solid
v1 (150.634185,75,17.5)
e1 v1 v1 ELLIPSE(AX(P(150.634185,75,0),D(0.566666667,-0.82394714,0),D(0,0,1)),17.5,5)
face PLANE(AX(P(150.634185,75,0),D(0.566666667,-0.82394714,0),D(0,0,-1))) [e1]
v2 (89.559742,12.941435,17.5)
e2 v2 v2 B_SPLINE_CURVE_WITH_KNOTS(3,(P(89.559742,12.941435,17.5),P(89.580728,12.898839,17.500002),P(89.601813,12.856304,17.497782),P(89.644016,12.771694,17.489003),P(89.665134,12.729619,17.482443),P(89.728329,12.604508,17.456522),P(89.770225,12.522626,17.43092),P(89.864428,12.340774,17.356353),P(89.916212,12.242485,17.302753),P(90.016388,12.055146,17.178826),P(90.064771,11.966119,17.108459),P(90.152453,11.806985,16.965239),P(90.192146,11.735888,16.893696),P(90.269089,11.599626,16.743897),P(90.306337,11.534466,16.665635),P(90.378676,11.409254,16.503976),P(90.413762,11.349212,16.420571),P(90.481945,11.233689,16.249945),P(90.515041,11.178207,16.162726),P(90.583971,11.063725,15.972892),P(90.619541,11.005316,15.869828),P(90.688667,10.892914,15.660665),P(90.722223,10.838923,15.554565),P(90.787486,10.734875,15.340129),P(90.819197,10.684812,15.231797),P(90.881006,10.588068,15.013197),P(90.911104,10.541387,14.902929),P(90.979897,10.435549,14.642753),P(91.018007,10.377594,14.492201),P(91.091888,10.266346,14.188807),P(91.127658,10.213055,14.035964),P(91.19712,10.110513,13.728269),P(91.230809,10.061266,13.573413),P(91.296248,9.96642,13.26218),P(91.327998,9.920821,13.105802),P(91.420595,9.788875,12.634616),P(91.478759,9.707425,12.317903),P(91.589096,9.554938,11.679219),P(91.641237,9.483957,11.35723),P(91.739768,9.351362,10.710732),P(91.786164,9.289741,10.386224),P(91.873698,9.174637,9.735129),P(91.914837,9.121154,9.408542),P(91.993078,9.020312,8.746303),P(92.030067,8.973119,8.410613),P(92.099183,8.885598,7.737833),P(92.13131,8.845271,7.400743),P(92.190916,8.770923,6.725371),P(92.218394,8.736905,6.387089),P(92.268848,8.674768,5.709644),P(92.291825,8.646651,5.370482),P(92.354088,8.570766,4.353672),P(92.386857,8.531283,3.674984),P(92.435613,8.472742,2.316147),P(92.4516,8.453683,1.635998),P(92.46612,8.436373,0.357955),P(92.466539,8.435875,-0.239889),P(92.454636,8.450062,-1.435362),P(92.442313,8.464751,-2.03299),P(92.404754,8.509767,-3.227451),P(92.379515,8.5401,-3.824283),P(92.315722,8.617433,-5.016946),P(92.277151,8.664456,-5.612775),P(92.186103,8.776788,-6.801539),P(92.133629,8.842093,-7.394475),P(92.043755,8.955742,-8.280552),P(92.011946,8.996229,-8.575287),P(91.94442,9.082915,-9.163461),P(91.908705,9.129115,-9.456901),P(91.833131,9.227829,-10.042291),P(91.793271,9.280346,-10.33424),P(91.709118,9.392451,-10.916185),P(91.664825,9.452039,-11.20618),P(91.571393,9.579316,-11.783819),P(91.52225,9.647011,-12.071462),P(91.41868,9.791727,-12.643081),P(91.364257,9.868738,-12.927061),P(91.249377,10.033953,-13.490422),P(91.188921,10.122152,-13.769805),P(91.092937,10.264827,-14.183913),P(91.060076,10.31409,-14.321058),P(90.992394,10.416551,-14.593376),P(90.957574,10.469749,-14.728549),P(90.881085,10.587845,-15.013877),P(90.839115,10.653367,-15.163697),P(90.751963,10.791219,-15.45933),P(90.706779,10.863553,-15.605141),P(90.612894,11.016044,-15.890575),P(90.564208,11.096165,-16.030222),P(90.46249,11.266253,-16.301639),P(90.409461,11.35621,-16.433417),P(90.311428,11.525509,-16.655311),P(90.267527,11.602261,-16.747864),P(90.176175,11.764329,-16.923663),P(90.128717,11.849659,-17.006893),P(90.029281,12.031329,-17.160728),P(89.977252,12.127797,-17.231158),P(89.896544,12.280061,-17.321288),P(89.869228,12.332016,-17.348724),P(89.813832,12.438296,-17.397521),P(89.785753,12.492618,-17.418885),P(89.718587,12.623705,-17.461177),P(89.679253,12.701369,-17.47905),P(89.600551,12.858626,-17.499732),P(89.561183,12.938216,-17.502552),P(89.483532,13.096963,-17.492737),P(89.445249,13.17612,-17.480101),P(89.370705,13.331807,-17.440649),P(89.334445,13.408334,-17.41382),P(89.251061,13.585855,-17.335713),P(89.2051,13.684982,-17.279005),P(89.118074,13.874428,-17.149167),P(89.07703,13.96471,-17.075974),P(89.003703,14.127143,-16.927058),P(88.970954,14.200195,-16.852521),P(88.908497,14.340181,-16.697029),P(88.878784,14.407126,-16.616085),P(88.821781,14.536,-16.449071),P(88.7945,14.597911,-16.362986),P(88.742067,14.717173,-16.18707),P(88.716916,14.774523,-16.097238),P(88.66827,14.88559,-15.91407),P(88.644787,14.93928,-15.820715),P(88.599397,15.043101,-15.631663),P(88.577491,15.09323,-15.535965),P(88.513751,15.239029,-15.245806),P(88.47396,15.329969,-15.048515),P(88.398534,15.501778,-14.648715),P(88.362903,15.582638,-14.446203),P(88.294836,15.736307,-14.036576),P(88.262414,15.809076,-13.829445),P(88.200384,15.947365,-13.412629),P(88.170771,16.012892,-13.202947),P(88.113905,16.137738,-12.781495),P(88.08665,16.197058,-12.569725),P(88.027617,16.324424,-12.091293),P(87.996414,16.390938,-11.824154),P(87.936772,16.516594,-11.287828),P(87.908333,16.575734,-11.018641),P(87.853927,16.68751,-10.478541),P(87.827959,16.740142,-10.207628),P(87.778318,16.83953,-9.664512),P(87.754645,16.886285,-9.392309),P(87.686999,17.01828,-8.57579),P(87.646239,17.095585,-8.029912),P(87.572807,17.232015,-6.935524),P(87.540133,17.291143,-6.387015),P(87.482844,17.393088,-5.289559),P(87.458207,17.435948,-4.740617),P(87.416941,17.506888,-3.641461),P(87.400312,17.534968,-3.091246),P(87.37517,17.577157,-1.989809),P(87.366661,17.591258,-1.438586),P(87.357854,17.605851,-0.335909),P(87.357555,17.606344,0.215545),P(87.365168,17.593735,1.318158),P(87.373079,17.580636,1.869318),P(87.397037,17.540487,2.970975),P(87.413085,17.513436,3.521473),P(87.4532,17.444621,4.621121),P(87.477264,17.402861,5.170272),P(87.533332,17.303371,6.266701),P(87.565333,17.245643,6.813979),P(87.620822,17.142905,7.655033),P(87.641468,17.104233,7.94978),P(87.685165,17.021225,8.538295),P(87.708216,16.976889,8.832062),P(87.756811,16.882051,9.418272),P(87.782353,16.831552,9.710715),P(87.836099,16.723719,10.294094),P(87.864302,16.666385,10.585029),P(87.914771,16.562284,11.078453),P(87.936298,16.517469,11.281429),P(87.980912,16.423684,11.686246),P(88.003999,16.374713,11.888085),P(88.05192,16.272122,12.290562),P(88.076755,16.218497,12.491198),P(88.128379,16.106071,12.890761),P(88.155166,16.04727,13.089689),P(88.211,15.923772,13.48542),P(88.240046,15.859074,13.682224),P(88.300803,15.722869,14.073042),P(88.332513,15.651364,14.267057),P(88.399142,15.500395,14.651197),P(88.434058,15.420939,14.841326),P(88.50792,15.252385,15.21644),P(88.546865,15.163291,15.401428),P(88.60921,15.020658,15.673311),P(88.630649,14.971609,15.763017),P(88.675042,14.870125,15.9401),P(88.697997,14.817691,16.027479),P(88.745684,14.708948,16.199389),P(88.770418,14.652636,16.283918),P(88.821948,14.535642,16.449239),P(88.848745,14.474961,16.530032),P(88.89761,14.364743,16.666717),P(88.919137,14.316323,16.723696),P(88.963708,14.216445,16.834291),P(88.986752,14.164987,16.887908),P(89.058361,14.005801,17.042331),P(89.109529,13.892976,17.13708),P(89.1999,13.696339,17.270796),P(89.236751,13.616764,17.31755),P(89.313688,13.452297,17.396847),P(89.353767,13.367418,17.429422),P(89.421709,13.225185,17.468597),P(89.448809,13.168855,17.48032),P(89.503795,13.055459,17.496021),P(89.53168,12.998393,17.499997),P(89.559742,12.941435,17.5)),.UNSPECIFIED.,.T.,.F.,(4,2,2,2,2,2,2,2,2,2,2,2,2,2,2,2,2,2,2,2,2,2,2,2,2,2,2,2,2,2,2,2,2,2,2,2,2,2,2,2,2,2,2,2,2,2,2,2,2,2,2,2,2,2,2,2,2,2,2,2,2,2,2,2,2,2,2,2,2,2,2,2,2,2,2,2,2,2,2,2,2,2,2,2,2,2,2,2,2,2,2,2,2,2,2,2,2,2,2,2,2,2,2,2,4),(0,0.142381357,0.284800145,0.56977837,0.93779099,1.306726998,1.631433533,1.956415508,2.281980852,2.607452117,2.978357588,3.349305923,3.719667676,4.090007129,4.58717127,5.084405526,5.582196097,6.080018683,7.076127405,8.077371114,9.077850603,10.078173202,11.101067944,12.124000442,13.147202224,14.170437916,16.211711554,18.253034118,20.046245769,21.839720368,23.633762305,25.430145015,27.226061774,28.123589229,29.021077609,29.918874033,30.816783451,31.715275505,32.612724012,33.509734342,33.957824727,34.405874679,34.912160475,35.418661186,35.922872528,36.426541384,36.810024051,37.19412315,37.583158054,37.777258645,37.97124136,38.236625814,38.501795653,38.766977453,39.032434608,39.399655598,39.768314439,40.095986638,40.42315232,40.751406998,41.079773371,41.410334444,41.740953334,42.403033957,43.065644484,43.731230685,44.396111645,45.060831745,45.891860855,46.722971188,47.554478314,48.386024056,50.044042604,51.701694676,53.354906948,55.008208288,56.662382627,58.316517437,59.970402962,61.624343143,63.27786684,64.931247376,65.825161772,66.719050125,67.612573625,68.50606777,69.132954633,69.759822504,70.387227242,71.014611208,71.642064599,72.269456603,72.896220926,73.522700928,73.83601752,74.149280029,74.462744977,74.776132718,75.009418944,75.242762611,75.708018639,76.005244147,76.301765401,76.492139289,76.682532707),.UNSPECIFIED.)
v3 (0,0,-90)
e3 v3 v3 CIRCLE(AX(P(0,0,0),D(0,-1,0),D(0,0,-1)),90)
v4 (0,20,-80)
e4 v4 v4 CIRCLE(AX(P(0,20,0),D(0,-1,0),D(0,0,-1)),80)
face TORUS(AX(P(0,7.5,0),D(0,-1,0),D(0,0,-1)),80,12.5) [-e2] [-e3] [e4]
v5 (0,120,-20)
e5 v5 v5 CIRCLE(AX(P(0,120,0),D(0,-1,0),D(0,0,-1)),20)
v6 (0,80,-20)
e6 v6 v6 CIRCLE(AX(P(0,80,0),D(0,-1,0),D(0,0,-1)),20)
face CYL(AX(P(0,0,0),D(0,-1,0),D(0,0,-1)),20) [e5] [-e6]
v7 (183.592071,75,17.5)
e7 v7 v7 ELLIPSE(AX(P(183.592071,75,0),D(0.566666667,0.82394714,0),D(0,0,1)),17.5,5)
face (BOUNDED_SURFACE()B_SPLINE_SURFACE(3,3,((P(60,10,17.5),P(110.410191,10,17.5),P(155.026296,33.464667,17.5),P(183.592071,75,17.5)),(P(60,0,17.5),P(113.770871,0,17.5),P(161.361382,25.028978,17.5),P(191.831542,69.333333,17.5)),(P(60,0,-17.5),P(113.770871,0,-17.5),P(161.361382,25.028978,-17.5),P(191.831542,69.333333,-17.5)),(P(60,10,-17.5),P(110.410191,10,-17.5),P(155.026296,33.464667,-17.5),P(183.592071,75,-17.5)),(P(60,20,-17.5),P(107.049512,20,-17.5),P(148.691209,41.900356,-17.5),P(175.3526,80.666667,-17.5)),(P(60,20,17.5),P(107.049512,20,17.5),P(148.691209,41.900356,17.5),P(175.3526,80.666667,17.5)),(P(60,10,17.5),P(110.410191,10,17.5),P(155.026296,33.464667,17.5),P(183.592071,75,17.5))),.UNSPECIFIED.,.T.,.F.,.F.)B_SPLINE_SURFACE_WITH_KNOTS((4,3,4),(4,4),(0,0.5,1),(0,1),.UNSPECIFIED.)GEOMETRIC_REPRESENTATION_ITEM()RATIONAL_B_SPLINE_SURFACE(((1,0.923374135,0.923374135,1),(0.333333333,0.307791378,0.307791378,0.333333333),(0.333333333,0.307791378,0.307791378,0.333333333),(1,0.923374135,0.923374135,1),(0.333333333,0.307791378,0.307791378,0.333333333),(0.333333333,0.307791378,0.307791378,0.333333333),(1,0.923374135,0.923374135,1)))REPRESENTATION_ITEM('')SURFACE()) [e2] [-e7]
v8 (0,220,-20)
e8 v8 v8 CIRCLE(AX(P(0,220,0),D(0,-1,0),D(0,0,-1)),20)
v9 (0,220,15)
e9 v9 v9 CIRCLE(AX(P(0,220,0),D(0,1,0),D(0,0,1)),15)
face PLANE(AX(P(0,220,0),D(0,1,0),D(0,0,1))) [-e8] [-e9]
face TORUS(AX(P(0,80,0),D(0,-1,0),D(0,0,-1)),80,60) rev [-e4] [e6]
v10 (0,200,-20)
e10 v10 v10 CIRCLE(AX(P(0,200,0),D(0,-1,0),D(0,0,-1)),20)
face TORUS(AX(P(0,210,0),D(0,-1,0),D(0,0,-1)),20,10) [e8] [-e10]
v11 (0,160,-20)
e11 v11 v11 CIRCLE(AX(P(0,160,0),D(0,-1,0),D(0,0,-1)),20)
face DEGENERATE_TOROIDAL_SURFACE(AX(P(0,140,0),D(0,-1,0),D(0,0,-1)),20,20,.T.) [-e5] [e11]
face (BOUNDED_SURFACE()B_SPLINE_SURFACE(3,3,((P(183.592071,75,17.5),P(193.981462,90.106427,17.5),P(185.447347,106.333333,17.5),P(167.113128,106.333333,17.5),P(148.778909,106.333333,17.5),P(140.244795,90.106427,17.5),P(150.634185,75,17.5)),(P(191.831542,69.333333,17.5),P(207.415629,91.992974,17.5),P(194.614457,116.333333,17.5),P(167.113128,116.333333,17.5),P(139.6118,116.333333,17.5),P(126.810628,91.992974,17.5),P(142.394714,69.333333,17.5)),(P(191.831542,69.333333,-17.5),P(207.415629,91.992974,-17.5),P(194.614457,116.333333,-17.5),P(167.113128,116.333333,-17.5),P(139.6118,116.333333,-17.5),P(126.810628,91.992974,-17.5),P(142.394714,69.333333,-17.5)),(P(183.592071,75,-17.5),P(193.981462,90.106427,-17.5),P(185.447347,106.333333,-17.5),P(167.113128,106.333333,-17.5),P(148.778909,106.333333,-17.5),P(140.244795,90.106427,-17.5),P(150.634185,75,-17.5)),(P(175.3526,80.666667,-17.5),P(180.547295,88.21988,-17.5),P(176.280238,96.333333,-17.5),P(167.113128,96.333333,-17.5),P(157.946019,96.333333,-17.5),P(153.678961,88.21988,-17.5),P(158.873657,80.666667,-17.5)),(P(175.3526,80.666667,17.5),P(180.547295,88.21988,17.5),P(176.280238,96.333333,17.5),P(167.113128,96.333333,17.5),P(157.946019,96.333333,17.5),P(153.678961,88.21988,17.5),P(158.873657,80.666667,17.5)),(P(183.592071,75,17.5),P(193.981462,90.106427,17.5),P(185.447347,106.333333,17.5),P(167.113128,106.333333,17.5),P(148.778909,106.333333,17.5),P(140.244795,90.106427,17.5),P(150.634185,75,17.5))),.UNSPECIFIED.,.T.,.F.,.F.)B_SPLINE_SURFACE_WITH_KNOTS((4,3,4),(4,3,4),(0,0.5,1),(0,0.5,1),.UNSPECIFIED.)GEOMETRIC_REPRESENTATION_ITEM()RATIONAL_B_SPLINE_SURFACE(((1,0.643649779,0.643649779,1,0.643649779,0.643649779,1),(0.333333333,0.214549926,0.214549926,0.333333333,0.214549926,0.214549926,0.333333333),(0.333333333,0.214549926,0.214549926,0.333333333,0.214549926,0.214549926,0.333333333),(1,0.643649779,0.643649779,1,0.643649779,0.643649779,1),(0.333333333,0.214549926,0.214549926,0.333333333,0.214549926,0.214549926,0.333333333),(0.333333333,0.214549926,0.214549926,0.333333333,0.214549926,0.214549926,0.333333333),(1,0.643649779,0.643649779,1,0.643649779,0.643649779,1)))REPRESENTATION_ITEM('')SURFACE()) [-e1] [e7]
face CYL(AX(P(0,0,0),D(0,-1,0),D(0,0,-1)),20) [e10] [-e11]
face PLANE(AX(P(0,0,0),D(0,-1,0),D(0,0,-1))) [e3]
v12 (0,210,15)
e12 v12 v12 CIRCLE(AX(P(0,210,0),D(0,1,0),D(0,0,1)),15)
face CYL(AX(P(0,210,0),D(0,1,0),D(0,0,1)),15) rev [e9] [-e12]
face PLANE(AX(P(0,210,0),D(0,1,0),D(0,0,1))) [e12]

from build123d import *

# Parameters (mm, degrees)
SKETCH5_RX         = 17.5
SKETCH5_RY         = 5
SKETCH6_R          = 15
CUT_EXTRUDE1_DEPTH = 10


with BuildPart() as part:
    # Sketch1 → Revolve1 (revolve)
    with BuildSketch(Plane.XY):
        with BuildLine():
            Line((0, 0), (90, 0))
            ThreePointArc((90, 0), (91.180339887, 13.090169944), (80, 20))
            ThreePointArc((80, 20), (37.573593129, 37.573593129), (20, 80))
            Line((20, 80), (20, 120))
            ThreePointArc((20, 120), (40, 140), (20, 160))
            Line((20, 160), (20, 200))
            ThreePointArc((20, 200), (30, 210), (20, 220))
            Line((20, 220), (0, 220))
            Line((0, 220), (0, 0))
        make_face()
    revolve(axis=Axis((0, 0, 0), (0, 1, 0)))

    # Sweep1: sweep along a path in Sketch2
    with BuildLine(Plane.XY) as sweep1_path:
        Line((0, 10), (60, 10))
        ThreePointArc((60, 10), (129.821200219, 27.240819526), (183.592070943, 75))
        ThreePointArc((183.592070943, 75), (167.113128151, 106.333333333), (150.634185358, 75))
    # Sketch5 → Sweep1 (sweep)
    with BuildSketch(Plane(origin=(0, 0, 0), x_dir=(0, 0, -1), z_dir=(1, 0, 0))):
        with Locations(Location((0, 10), (0, 0, 180))):
            Ellipse(SKETCH5_RX, SKETCH5_RY)
    sweep(path=sweep1_path.line)

    # Sketch6 → Cut-Extrude1 (cut)
    with BuildSketch(Plane(origin=(0, 220, 0), x_dir=(1, 0, 0), z_dir=(0, 1, 0))):
        Circle(SKETCH6_R)
    extrude(amount=-CUT_EXTRUDE1_DEPTH, mode=Mode.SUBTRACT)


solid = part.part
